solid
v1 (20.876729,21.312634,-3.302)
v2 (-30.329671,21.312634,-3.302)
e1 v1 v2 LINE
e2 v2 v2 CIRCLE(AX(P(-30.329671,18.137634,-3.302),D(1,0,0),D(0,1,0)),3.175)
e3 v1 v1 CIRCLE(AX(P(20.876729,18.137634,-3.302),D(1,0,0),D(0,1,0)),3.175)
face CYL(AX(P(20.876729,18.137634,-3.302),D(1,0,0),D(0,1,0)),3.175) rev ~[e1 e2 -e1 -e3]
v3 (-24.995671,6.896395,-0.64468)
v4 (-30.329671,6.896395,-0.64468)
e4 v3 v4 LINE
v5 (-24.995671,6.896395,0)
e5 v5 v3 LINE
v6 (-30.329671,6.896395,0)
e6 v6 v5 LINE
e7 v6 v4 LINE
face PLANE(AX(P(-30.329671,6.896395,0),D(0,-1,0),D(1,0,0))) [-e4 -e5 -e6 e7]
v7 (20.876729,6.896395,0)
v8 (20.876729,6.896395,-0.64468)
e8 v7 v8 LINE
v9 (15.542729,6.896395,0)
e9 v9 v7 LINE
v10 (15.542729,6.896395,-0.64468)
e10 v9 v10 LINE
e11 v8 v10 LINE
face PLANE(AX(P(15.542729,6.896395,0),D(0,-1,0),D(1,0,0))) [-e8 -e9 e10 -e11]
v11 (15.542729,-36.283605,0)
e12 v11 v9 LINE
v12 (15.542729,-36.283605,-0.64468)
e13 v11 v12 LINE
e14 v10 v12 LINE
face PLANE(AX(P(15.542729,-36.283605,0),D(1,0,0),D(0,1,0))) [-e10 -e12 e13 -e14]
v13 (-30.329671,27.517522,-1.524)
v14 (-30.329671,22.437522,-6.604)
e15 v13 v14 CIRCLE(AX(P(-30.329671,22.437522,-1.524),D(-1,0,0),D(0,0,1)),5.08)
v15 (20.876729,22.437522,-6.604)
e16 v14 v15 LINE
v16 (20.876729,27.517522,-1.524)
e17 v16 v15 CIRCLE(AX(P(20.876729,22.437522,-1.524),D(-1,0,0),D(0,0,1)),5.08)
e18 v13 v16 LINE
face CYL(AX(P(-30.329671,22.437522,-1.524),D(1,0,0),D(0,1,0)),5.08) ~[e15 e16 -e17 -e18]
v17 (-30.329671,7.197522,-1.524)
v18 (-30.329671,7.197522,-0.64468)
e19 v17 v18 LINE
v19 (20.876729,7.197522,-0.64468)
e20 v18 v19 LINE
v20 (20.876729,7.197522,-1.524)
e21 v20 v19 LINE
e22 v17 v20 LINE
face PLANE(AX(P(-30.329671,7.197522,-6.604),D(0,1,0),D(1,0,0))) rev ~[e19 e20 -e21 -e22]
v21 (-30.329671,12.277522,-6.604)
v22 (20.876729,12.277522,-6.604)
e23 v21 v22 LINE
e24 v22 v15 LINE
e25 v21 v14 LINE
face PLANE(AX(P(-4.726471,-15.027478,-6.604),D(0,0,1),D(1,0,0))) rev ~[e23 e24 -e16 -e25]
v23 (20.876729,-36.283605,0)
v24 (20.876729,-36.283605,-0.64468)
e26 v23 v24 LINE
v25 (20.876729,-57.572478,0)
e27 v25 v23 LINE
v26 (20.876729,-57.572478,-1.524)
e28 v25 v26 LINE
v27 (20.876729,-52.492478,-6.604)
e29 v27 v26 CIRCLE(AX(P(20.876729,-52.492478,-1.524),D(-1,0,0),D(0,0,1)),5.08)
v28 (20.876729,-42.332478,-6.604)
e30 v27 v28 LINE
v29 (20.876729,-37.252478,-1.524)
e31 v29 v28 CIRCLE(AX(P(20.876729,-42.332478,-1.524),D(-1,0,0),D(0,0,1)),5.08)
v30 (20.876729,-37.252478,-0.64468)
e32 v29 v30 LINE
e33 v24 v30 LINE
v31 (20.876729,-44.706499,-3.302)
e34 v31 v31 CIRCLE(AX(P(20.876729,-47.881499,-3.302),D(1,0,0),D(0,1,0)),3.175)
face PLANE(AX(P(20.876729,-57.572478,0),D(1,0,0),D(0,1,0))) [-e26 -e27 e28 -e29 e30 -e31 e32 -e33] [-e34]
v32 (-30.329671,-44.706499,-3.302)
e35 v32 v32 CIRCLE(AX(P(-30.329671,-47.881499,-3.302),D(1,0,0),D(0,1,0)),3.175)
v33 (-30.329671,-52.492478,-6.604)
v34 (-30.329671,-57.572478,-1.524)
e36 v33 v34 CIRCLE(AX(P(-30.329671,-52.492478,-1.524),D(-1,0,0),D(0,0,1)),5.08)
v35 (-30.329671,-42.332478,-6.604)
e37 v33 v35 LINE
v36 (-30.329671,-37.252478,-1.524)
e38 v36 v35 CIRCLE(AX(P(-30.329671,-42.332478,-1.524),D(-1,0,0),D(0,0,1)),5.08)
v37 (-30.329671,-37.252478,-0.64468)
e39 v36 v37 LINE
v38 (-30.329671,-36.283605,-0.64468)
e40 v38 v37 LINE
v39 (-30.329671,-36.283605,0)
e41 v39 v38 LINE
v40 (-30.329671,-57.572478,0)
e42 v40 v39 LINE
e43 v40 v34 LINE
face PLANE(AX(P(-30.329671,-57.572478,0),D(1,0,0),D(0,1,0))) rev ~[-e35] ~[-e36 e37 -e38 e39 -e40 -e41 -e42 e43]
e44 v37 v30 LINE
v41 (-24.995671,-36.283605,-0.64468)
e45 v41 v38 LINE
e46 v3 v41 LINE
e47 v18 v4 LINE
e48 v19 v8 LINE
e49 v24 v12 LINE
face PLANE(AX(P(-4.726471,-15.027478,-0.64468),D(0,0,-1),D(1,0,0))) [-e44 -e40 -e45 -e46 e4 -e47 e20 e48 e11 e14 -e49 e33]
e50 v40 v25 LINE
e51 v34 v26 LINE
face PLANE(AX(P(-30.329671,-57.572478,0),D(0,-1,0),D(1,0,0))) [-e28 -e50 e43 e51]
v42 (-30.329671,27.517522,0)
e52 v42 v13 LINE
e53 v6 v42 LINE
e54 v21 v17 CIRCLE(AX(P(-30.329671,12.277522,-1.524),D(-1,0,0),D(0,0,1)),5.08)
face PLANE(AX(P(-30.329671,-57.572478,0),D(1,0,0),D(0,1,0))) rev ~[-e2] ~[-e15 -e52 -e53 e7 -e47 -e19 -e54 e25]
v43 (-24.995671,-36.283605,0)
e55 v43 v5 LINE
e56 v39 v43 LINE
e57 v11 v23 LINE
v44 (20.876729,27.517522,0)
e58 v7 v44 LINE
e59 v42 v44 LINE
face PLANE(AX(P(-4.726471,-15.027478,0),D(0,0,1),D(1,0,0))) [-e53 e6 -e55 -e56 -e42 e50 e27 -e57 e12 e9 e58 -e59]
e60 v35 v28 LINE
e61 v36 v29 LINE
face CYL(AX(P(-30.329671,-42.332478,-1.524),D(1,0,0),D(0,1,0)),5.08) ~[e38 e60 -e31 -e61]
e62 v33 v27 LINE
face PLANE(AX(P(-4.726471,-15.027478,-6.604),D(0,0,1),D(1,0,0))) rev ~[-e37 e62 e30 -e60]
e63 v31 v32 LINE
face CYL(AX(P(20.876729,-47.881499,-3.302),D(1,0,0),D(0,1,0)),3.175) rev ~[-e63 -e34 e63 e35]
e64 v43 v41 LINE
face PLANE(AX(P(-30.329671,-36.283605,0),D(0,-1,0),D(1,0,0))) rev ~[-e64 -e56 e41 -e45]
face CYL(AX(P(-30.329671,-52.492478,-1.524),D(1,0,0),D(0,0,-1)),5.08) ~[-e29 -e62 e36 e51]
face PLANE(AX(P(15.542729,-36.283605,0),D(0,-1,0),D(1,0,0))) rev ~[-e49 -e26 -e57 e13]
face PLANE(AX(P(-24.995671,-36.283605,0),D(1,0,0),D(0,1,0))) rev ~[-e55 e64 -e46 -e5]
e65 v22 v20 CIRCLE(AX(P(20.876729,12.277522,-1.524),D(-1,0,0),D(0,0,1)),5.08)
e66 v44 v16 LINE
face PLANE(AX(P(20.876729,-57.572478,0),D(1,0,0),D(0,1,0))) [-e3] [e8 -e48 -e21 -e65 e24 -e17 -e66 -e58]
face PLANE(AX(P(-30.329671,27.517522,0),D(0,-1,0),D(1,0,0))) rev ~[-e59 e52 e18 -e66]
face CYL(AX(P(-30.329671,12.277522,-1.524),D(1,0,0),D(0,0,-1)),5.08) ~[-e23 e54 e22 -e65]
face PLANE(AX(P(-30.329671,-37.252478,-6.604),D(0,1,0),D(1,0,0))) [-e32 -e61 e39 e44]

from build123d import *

# Parameters (mm, degrees)
F0_W     = 51.2064
F0_H     = 85.09
F1_DEPTH = 6.604
F2_R     = 3.175
F3_DEPTH = 95.21702
F4_W     = 51.2064
F4_H     = 44.45
F5_DEPTH = 5.95932
F6_R     = 5.08
F7_W     = 5.334
F7_H     = 43.18
F8_DEPTH = 25.4


with BuildPart() as f1:
    # F0 (on Top) → F1 (new body)
    with BuildSketch(Plane.XY):
        with Locations((-4.726471, -15.027478)):
            Rectangle(F0_W, F0_H)
    extrude(amount=-F1_DEPTH)

    # F2 (on face) → F3 (cut)
    with BuildSketch(Plane.YZ.offset(20.876729)):
        with Locations((18.137634, -3.302)):
            Circle(F2_R)
        with Locations((-47.881499, -3.302)):
            Circle(F2_R)
    extrude(amount=-F3_DEPTH, mode=Mode.SUBTRACT)

    # F4 (on face) → F5 (cut)
    with BuildSketch(Plane(origin=(0, 0, -6.604), x_dir=(1, 0, 0), z_dir=(0, 0, -1))):
        with Locations((-4.726471, 15.027478)):
            Rectangle(F4_W, F4_H)
    extrude(amount=-F5_DEPTH, mode=Mode.SUBTRACT)

    # F6
    f6_edges = [f1.edges().sort_by_distance(p)[0] for p in [
        (-4.726471, -37.252478, -6.604),
        (-4.726471, -57.572478, -6.604),
        (-4.726471, 7.197522, -6.604),
        (-4.726471, 27.517522, -6.604),
    ]]
    fillet(f6_edges, radius=F6_R)

    # F7 (on face) → F8 (cut)
    with BuildSketch(Plane.XY):
        with Locations((-27.662671, -14.693605)):
            Rectangle(F7_W, F7_H)
        with Locations((18.209729, -14.693605)):
            Rectangle(F7_W, F7_H)
    extrude(amount=-F8_DEPTH, mode=Mode.SUBTRACT)


solid = f1.part
